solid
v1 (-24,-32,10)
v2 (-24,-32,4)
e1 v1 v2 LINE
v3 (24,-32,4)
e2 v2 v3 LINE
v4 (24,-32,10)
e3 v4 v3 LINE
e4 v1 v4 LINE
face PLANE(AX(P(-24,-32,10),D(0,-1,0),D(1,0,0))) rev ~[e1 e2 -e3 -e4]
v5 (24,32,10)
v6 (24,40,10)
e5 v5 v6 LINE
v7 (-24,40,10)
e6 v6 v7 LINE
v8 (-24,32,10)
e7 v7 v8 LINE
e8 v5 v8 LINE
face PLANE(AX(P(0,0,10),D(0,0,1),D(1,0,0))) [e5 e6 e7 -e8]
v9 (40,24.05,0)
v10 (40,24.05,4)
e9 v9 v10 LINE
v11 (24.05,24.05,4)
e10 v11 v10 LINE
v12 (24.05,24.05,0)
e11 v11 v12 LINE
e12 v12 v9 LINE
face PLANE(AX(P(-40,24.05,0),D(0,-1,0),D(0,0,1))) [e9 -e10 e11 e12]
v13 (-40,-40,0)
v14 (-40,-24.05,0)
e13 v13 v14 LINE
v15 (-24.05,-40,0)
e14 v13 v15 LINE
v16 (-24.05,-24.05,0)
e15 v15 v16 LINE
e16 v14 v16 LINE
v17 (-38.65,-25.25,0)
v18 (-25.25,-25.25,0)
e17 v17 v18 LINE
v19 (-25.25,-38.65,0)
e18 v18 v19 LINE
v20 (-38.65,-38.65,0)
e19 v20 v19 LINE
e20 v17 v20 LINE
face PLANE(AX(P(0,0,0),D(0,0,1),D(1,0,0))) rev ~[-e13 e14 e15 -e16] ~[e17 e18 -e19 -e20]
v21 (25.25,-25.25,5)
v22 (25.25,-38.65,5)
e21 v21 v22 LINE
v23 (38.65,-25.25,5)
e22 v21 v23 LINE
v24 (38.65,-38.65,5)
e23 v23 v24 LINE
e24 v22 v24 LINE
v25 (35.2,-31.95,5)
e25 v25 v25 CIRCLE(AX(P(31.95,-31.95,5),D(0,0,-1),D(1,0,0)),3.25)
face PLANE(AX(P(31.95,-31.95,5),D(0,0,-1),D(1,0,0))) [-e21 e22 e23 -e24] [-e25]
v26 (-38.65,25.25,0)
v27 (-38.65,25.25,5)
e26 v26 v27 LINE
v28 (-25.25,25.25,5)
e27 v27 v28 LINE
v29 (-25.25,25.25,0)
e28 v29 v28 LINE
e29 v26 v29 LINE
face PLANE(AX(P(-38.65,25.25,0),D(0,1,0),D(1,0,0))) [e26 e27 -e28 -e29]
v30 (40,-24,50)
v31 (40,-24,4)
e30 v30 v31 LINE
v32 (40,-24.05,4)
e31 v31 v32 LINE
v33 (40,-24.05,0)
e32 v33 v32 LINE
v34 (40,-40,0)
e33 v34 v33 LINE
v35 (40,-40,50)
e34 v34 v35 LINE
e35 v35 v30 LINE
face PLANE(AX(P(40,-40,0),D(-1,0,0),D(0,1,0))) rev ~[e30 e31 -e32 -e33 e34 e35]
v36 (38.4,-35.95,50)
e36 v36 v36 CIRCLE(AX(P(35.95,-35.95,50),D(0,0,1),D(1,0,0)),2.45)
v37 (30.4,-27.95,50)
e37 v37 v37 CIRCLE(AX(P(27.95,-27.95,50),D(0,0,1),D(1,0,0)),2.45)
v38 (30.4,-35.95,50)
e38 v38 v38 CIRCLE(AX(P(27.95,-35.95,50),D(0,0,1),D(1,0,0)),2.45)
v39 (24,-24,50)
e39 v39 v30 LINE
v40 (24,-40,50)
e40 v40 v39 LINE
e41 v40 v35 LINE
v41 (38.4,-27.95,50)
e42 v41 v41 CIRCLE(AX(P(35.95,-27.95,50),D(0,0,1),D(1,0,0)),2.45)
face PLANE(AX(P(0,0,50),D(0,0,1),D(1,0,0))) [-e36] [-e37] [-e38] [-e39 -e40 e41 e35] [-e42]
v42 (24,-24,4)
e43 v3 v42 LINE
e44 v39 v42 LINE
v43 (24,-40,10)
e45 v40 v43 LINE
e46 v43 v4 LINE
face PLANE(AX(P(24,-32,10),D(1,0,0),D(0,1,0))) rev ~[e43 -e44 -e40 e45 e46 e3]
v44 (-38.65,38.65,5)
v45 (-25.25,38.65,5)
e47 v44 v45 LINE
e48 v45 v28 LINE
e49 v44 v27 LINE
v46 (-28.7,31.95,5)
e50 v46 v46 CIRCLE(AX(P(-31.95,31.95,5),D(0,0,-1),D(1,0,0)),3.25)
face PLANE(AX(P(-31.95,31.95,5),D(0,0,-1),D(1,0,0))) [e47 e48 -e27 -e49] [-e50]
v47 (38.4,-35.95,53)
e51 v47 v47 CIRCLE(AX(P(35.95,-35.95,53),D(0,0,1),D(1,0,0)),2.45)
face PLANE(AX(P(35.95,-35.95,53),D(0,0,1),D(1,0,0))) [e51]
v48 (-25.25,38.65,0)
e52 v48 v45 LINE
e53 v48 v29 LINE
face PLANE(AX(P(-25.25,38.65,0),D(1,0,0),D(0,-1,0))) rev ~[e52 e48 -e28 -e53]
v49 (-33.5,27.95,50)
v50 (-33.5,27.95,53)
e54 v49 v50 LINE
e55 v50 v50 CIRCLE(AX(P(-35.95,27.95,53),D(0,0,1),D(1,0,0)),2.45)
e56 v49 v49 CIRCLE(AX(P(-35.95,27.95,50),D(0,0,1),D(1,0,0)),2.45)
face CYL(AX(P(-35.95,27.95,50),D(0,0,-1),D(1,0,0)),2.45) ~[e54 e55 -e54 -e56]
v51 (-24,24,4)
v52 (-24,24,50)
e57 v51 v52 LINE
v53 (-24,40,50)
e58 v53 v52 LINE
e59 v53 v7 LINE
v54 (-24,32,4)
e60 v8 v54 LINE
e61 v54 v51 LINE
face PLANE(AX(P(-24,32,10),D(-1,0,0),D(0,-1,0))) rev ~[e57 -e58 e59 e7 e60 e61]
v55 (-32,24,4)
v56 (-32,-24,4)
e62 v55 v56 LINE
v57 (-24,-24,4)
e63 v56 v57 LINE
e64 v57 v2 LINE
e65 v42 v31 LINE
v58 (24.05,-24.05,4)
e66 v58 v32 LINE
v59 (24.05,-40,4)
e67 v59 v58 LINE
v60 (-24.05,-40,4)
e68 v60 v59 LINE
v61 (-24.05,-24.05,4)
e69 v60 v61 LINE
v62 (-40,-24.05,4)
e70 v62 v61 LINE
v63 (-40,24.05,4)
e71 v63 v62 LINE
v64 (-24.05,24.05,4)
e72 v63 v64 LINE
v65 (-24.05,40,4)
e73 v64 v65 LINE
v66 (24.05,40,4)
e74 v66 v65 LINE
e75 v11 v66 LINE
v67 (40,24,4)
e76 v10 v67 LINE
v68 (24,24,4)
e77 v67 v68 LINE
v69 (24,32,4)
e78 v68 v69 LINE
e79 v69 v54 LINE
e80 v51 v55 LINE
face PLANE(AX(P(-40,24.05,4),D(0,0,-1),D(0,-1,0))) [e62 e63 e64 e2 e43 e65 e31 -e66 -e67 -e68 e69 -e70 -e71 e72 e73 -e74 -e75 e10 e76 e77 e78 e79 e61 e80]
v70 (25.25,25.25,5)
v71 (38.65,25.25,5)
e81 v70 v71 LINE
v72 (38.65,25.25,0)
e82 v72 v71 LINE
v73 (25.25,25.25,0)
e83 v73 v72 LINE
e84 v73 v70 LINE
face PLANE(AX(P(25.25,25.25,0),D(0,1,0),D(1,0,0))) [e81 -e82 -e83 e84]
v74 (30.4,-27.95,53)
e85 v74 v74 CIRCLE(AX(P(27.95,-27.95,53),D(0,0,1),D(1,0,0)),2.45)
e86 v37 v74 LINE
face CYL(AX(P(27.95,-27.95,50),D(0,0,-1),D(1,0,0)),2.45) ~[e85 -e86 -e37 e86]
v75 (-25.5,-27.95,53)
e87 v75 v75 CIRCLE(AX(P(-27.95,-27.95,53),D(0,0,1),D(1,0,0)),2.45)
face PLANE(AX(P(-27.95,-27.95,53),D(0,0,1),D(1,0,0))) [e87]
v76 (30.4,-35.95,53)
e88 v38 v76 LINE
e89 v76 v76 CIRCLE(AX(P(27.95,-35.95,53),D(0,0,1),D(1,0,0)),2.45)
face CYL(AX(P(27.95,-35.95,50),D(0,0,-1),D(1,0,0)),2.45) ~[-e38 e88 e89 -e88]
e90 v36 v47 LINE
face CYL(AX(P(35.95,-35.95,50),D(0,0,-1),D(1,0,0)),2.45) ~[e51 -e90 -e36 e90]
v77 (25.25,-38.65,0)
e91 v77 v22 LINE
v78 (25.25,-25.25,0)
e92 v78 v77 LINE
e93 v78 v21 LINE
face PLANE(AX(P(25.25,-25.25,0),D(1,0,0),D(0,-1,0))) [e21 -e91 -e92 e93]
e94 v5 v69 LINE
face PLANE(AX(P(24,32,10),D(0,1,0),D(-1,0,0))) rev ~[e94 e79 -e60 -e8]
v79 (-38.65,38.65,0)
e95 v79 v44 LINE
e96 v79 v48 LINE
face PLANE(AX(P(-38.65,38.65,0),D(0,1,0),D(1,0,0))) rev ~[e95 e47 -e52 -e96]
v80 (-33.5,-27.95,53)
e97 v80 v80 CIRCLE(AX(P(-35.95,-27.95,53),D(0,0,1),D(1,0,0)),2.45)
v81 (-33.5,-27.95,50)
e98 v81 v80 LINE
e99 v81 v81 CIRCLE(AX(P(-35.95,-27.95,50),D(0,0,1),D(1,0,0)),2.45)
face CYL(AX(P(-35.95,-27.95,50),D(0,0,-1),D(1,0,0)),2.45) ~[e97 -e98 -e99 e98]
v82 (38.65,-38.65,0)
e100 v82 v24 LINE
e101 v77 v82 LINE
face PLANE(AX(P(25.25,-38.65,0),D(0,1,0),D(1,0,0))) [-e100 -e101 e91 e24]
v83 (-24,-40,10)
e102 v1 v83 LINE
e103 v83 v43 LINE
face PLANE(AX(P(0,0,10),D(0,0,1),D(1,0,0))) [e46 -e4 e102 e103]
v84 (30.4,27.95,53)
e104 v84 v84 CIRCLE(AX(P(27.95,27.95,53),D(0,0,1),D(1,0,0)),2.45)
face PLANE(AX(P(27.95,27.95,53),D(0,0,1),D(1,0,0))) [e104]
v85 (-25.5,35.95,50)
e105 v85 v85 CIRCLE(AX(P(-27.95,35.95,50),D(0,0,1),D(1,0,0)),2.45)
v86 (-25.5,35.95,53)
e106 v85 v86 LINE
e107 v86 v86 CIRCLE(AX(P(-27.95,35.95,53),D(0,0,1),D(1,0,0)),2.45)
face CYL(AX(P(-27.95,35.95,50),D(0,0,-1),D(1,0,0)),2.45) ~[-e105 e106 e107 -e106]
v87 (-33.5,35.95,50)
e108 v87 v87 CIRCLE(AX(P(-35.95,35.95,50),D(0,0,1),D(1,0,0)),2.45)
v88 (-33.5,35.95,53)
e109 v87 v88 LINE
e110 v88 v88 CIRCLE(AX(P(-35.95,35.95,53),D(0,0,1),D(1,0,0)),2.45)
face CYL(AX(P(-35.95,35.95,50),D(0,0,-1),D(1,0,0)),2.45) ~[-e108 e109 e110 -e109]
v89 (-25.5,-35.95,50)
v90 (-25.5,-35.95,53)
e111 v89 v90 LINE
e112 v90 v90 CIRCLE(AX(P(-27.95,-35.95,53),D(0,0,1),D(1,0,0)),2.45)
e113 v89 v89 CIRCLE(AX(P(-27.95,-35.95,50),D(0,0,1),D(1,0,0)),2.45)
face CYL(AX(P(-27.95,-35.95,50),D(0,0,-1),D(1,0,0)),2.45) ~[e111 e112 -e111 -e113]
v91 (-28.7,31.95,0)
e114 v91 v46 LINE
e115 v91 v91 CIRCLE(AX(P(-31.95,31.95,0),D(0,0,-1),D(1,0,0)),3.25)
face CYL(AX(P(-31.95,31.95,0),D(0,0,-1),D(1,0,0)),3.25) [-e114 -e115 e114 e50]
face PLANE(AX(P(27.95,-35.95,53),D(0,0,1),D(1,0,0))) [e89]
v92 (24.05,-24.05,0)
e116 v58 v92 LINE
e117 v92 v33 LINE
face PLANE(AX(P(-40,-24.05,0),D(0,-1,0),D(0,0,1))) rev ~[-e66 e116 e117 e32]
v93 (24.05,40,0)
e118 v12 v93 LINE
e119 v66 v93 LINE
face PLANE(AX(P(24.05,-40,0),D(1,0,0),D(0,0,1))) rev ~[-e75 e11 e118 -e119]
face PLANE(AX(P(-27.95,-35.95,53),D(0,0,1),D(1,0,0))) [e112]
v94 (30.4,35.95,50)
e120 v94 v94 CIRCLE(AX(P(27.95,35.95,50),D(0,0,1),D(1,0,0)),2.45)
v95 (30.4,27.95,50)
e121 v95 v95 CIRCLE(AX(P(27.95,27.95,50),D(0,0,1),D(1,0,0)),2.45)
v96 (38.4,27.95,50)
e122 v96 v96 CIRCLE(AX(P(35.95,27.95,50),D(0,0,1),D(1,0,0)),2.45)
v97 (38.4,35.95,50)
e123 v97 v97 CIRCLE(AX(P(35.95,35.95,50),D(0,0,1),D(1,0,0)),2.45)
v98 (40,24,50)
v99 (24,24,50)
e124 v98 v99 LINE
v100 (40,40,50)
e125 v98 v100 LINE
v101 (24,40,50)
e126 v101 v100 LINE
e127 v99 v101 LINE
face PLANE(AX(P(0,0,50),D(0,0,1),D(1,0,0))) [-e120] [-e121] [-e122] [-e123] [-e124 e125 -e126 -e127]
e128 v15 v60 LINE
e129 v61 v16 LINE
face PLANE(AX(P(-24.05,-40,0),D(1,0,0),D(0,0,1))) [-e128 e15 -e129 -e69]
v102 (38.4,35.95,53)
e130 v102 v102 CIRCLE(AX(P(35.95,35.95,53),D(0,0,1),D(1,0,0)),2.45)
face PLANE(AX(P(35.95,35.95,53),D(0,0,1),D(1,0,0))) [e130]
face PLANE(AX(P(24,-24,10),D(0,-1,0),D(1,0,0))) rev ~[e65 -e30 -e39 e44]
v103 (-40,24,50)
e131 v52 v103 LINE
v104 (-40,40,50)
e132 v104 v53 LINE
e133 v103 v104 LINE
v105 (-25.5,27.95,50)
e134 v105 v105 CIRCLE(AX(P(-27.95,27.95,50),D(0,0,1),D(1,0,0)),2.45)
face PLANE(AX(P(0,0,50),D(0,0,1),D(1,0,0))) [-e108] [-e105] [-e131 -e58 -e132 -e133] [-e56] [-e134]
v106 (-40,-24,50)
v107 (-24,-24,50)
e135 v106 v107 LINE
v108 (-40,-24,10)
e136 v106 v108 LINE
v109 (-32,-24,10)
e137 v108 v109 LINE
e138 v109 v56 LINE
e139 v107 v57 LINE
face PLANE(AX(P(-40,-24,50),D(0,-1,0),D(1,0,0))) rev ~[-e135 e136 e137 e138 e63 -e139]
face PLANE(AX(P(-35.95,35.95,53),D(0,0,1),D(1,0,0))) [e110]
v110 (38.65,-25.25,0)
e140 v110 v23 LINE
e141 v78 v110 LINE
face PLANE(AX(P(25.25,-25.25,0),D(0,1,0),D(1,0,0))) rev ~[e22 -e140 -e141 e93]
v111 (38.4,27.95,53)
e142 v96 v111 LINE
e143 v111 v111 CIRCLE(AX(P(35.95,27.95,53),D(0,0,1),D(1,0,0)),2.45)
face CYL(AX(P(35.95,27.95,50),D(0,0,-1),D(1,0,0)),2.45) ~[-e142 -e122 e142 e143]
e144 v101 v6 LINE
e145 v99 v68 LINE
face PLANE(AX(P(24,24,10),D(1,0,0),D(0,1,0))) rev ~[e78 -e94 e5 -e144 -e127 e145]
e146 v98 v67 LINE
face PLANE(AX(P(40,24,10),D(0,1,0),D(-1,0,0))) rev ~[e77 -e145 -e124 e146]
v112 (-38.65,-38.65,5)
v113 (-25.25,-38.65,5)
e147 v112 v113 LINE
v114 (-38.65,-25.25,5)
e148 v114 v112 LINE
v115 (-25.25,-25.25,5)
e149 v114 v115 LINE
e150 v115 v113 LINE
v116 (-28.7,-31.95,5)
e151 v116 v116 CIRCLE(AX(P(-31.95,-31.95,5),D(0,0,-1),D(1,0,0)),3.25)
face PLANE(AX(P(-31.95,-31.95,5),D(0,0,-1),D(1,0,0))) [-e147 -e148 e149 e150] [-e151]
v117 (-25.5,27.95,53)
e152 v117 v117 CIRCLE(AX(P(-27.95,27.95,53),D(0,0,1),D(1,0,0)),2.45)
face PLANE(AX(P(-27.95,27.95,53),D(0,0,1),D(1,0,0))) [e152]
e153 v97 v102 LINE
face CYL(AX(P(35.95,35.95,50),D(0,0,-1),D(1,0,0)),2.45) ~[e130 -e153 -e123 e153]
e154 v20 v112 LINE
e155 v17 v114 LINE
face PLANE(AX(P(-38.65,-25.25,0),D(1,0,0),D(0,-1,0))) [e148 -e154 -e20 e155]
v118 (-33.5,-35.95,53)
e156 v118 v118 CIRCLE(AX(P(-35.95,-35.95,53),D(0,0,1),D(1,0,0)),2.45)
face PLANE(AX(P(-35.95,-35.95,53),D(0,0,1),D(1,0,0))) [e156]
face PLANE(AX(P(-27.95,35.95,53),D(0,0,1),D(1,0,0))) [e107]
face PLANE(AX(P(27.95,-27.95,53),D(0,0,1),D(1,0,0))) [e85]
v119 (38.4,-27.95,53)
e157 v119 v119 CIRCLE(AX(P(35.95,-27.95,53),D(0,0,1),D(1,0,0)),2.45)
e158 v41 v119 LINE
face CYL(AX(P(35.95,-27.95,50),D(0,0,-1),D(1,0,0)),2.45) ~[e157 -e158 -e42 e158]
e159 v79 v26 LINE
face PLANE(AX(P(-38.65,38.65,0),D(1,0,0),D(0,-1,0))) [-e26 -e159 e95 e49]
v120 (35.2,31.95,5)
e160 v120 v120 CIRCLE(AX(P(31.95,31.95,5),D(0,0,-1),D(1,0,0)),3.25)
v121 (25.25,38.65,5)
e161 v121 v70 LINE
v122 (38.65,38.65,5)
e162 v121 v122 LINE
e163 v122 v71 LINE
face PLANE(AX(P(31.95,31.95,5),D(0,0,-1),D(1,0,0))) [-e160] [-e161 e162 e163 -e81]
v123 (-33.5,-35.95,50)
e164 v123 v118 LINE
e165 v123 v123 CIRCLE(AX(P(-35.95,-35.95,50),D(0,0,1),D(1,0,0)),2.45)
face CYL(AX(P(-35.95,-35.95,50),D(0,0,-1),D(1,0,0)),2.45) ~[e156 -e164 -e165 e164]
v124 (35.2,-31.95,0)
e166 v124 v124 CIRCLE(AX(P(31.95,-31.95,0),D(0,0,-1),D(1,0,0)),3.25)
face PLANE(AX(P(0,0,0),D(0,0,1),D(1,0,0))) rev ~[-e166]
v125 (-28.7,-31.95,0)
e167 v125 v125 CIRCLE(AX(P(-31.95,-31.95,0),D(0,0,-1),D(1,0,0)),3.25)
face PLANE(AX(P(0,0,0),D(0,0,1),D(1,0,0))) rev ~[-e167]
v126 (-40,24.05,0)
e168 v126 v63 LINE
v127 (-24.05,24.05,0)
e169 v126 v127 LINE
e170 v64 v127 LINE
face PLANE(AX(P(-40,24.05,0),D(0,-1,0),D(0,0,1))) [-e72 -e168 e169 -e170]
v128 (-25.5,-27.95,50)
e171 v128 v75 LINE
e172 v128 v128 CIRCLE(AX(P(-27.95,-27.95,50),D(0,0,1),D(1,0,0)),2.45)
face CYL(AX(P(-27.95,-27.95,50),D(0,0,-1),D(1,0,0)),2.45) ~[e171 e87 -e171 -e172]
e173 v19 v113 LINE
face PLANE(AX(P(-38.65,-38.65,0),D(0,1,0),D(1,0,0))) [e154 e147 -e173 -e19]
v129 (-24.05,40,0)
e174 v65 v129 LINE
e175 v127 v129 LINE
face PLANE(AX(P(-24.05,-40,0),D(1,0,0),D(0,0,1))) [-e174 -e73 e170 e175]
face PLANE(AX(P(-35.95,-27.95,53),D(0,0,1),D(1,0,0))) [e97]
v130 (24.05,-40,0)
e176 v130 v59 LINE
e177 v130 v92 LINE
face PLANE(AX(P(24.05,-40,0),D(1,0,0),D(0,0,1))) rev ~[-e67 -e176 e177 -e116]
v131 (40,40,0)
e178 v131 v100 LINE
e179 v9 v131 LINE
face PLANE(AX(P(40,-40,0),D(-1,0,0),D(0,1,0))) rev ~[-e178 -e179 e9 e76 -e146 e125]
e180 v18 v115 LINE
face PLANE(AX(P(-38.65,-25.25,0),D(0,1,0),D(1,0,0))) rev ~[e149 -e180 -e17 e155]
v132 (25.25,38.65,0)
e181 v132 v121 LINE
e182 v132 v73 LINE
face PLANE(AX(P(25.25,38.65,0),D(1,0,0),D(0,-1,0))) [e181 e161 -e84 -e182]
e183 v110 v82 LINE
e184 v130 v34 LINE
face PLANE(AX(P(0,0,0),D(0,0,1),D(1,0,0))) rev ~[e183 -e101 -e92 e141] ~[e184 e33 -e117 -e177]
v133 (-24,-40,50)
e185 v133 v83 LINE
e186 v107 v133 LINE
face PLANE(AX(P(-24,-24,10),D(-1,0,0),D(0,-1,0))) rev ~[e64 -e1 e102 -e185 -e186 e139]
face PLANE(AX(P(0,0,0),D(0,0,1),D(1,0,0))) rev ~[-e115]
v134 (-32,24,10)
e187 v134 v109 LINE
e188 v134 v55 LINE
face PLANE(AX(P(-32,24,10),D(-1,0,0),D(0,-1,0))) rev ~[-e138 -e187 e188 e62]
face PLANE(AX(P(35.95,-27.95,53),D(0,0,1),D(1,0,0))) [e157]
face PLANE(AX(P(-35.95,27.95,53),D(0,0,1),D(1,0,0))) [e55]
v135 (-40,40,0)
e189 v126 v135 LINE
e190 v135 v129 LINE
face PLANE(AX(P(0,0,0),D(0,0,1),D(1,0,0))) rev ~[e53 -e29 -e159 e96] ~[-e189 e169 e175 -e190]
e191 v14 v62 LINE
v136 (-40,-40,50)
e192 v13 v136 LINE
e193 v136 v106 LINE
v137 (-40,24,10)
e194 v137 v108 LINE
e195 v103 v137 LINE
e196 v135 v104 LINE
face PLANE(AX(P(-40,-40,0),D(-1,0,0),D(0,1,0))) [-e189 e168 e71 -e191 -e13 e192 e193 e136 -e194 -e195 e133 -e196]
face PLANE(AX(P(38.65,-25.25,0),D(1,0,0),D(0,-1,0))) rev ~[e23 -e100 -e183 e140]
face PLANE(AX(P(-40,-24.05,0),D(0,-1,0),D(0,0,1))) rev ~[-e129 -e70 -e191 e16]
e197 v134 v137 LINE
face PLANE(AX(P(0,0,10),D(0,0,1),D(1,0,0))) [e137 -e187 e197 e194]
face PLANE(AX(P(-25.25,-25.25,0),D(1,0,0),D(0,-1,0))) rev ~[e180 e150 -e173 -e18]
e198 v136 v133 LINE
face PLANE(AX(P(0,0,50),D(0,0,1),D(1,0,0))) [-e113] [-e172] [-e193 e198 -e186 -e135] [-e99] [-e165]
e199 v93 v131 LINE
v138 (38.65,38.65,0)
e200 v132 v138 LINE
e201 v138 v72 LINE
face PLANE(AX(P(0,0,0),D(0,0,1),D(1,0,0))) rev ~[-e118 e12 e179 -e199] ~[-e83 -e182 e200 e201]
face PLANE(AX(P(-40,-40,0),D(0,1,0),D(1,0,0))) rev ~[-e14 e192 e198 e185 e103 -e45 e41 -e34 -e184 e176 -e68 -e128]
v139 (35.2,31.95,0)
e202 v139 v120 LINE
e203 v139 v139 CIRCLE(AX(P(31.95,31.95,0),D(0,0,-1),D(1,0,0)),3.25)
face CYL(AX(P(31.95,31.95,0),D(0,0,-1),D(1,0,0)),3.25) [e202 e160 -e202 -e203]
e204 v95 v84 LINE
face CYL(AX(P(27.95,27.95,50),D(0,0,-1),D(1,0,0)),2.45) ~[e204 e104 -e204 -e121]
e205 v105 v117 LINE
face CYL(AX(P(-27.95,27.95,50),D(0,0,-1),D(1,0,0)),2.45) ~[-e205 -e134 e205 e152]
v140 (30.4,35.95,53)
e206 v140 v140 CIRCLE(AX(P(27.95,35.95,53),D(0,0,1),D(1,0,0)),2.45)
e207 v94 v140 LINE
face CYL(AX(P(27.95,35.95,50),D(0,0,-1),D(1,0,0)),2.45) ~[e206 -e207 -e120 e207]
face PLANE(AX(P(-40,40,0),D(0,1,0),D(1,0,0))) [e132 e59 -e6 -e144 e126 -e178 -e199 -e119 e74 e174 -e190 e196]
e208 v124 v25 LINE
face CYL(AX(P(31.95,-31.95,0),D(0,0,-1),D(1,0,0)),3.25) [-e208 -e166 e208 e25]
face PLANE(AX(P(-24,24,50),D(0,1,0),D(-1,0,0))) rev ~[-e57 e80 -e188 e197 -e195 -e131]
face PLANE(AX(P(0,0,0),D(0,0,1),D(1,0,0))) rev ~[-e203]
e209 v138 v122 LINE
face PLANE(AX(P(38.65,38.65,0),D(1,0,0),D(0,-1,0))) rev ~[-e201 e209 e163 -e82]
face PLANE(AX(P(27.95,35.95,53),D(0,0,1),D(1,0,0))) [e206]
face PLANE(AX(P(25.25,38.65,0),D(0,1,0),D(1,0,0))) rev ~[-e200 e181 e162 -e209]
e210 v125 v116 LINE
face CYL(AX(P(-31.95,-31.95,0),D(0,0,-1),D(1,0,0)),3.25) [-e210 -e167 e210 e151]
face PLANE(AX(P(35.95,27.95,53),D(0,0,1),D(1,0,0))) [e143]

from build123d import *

# Parameters (mm, degrees)
SKETCH_W        = 80
SKETCH_H        = 80
PAD_DEPTH       = 50
SKETCH007_W     = 13.4
SKETCH007_H     = 13.4
SKETCH007_R     = 3.25
POCKET_DEPTH    = 5
SKETCH004_R     = 2.45
PAD001_DEPTH    = 3
POCKET001_DEPTH = 40
POCKET002_DEPTH = 10.001
SKETCH002_W     = 48.1
SKETCH002_H     = 4
POCKET003_DEPTH = 80.001
SKETCH003_W     = 48.1
SKETCH003_H     = 4
POCKET004_DEPTH = 80.001


with BuildPart() as part:
    # Sketch → Pad (new body)
    with BuildSketch(Plane.XY):
        Rectangle(SKETCH_W, SKETCH_H)
    extrude(amount=PAD_DEPTH)

    # Sketch007 → Pocket (cut)
    with BuildSketch(Plane(origin=(0, 0, 0), x_dir=(1, 0, 0), z_dir=(0, 0, -1))):
        with Locations((-31.95, 31.95)):
            Rectangle(SKETCH007_W, SKETCH007_H)
        with Locations((-31.95, 31.95)):
            Circle(SKETCH007_R, mode=Mode.SUBTRACT)
        with Locations((31.95, 31.95)):
            Rectangle(SKETCH007_W, SKETCH007_H)
        with Locations((31.95, 31.95)):
            Circle(SKETCH007_R, mode=Mode.SUBTRACT)
        with Locations((-31.95, -31.95)):
            Rectangle(SKETCH007_W, SKETCH007_H)
        with Locations((-31.95, -31.95)):
            Circle(SKETCH007_R, mode=Mode.SUBTRACT)
        with Locations((31.95, -31.95)):
            Rectangle(SKETCH007_W, SKETCH007_H)
        with Locations((31.95, -31.95)):
            Circle(SKETCH007_R, mode=Mode.SUBTRACT)
    extrude(amount=-POCKET_DEPTH, mode=Mode.SUBTRACT)

    # Sketch004 → Pad001 (new body)
    with BuildSketch(Plane.XY.offset(50)):
        with Locations((-35.95, -35.95)):
            Circle(SKETCH004_R)
        with Locations((35.95, 35.95)):
            Circle(SKETCH004_R)
        with Locations((35.95, -35.95)):
            Circle(SKETCH004_R)
        with Locations((-35.95, 35.95)):
            Circle(SKETCH004_R)
        with Locations((-27.95, 35.95)):
            Circle(SKETCH004_R)
        with Locations((-27.95, 27.95)):
            Circle(SKETCH004_R)
        with Locations((27.95, 27.95)):
            Circle(SKETCH004_R)
        with Locations((27.95, 35.95)):
            Circle(SKETCH004_R)
        with Locations((-35.95, 27.95)):
            Circle(SKETCH004_R)
        with Locations((35.95, 27.95)):
            Circle(SKETCH004_R)
        with Locations((27.95, -27.95)):
            Circle(SKETCH004_R)
        with Locations((27.95, -35.95)):
            Circle(SKETCH004_R)
        with Locations((35.95, -27.95)):
            Circle(SKETCH004_R)
        with Locations((-27.95, -27.95)):
            Circle(SKETCH004_R)
        with Locations((-27.95, -35.95)):
            Circle(SKETCH004_R)
        with Locations((-35.95, -27.95)):
            Circle(SKETCH004_R)
    extrude(amount=PAD001_DEPTH)

    # Sketch008 → Pocket001 (cut)
    with BuildSketch(Plane.XY.offset(50)):
        Polygon((-24, 40), (-24, 24), (-40, 24), (-40, -24), (-24, -24), (-24, -40), (24, -40), (24, -24), (40, -24), (40, 24), (24, 24), (24, 40), align=None)
    extrude(amount=-POCKET001_DEPTH, mode=Mode.SUBTRACT)

    # Sketch005 → Pocket002 (cut, through all)
    with BuildSketch(Plane.XY.offset(10)):
        Polygon((24, 24), (24, 32), (-24, 32), (-24, 24), (-32, 24), (-32, -24), (-24, -24), (-24, -32), (24, -32), (24, -24), (40, -24), (40, 24), align=None)
    extrude(amount=-POCKET002_DEPTH, mode=Mode.SUBTRACT)

    # Sketch002 → Pocket003 (cut, through all)
    with BuildSketch(Plane.XZ.offset(40)):
        with Locations((0, 2)):
            Rectangle(SKETCH002_W, SKETCH002_H)
    extrude(amount=-POCKET003_DEPTH, mode=Mode.SUBTRACT)

    # Sketch003 → Pocket004 (cut, through all)
    with BuildSketch(Plane(origin=(-40, 0, 0), x_dir=(0, -1, 0), z_dir=(-1, 0, 0))):
        with Locations((0, 2)):
            Rectangle(SKETCH003_W, SKETCH003_H)
    extrude(amount=-POCKET004_DEPTH, mode=Mode.SUBTRACT)


solid = part.part
